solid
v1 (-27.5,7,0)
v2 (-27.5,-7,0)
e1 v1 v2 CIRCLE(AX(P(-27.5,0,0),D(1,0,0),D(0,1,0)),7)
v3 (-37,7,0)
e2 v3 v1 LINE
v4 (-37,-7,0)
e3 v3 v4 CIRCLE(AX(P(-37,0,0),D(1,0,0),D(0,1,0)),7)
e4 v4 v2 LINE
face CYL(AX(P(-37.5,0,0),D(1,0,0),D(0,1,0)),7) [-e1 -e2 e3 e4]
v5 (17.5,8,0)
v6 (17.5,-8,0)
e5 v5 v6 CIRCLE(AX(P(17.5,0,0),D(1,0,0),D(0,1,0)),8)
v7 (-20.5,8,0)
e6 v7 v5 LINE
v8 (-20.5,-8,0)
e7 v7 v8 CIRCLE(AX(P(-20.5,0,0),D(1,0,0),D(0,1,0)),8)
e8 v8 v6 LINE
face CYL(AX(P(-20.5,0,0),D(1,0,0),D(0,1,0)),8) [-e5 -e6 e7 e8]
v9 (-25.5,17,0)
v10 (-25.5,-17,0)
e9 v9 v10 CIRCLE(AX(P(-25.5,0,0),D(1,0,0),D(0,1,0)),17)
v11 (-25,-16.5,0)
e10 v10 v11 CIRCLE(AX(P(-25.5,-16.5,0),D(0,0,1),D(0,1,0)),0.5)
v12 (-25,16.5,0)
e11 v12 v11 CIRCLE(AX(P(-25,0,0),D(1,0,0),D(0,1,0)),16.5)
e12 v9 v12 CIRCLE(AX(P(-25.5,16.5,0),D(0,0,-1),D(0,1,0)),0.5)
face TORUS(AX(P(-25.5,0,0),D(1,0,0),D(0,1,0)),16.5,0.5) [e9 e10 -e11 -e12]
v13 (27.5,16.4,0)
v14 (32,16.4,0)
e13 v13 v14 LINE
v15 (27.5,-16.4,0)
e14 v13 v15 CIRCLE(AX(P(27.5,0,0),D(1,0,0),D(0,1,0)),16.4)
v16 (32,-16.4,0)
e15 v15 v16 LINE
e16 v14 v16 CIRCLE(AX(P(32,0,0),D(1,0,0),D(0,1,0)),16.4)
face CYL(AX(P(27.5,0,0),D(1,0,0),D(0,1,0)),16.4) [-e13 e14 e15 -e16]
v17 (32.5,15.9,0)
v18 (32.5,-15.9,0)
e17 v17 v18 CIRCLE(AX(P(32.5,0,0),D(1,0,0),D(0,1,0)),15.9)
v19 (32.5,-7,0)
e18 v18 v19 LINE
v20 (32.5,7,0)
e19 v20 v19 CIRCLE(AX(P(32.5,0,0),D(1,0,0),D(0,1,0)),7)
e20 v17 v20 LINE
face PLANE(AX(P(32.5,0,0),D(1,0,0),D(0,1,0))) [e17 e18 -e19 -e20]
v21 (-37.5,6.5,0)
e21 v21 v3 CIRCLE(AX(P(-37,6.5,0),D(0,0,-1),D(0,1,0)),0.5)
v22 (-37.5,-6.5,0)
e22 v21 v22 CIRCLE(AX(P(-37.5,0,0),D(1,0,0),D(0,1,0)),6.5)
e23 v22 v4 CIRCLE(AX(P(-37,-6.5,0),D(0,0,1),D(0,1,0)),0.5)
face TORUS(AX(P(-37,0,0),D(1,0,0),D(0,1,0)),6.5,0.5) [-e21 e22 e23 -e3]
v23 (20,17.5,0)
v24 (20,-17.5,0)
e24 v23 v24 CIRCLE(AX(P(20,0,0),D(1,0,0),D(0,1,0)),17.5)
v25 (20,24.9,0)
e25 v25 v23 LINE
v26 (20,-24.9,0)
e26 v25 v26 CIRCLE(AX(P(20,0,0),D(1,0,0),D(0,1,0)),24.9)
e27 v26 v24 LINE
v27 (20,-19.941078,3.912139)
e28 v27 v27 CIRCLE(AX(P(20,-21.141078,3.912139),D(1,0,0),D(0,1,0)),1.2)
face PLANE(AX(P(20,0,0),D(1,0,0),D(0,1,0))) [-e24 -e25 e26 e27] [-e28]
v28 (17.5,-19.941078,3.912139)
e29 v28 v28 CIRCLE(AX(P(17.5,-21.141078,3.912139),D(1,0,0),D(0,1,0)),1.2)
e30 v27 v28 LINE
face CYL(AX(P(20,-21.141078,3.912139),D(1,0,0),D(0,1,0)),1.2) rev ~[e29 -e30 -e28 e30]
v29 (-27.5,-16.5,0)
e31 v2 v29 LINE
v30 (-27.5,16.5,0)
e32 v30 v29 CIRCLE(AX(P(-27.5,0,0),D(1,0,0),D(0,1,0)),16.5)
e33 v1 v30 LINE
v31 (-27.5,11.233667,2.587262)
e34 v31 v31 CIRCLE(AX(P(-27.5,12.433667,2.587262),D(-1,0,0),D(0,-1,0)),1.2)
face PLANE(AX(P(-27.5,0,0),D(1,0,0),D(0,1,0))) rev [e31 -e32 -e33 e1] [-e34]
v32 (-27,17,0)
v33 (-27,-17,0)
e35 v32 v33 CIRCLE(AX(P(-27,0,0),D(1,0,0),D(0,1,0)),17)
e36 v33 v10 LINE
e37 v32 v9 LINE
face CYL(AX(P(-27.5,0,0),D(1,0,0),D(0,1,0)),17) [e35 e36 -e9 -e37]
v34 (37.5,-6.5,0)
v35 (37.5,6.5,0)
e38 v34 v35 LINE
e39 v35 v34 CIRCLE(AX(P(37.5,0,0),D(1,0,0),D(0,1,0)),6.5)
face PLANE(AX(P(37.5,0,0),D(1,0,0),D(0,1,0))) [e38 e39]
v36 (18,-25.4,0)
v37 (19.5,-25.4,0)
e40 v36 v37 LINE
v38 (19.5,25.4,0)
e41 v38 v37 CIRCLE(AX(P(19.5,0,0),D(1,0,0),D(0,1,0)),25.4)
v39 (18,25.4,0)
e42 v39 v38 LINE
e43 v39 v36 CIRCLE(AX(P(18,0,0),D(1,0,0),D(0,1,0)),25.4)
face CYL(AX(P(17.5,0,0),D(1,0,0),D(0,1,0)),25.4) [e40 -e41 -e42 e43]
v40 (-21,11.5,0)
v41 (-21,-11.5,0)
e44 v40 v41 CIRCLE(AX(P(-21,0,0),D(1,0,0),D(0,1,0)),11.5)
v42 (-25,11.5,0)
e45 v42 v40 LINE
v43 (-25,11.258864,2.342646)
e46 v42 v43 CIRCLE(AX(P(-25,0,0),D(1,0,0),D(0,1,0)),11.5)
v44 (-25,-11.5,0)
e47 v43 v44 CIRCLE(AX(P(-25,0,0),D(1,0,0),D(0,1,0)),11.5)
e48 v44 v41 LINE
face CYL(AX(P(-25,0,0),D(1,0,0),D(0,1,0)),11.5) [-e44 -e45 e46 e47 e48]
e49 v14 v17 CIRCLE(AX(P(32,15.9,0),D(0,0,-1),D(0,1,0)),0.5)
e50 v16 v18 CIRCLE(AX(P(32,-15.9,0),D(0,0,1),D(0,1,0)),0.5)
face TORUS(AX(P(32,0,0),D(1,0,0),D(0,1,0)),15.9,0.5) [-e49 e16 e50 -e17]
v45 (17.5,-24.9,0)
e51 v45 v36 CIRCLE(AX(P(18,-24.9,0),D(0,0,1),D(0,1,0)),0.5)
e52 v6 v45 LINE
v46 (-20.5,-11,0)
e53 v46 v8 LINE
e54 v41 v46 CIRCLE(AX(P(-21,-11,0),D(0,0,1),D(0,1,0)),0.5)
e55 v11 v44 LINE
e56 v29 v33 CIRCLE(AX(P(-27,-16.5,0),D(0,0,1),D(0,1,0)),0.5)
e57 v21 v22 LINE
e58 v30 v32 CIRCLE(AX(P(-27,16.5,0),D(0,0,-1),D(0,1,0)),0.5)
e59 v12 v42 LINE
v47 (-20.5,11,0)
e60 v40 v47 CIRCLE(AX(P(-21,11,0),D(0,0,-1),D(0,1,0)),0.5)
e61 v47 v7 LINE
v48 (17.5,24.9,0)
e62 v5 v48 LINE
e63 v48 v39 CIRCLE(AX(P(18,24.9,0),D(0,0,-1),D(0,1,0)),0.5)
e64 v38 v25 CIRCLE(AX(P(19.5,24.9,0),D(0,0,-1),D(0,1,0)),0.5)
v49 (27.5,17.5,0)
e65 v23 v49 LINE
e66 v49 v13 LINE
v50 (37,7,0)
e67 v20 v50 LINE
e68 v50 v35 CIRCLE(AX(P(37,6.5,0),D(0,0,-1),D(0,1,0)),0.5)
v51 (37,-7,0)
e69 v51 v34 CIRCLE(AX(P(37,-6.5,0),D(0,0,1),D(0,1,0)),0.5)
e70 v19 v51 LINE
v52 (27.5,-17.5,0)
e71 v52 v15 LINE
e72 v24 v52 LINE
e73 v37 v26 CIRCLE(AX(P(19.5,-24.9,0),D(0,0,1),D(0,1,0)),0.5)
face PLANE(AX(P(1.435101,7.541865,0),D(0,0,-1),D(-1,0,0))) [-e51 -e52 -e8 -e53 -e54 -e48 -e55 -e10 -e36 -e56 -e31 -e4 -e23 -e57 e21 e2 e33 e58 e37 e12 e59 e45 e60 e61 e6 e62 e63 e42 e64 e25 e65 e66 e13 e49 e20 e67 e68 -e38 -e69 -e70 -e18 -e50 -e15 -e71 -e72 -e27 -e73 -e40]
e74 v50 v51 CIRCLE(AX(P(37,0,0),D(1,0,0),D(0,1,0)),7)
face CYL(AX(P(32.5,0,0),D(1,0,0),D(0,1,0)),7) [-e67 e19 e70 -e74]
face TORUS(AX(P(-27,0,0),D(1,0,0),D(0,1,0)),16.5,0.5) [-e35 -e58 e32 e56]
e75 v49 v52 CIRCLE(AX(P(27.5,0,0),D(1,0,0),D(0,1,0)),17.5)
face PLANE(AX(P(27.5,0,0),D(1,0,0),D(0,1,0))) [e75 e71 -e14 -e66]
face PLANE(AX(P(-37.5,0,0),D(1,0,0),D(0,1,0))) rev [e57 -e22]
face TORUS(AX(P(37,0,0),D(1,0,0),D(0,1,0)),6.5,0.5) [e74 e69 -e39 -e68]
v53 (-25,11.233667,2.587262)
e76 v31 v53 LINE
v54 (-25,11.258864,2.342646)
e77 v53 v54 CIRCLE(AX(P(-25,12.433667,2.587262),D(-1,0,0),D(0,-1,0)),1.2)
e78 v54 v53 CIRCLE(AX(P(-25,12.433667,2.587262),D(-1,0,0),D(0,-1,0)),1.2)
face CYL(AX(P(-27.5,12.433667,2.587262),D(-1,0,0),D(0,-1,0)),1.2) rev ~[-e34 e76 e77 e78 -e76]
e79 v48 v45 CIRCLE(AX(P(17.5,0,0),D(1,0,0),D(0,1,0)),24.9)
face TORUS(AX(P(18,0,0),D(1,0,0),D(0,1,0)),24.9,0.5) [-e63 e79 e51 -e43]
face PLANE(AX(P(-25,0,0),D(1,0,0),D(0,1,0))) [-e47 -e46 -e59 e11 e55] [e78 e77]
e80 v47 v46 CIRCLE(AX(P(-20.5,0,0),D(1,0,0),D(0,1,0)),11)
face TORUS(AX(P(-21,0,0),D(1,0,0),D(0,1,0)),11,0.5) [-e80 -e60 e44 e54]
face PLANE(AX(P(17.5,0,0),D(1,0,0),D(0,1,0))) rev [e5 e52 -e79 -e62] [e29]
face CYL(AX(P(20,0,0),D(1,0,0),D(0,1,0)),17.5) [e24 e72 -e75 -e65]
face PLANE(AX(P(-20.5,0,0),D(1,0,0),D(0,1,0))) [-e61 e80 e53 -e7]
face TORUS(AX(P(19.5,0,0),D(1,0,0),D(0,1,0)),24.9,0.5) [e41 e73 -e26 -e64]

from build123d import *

# Parameters (mm, degrees)
REVOLUTION_ANGLE = 180
SKETCH002_R      = 1.2
POCKET_DEPTH     = 5
SKETCH003_R      = 1.2
POCKET001_DEPTH  = 5
FILLET_R         = 0.5


with BuildPart() as part:
    # Sketch → Revolution (revolve)
    with BuildSketch(Plane.XY):
        Polygon((-37.5, 0), (-37.5, 7), (-27.5, 7), (-27.5, 17), (-25, 17), (-25, 11.5), (-20.5, 11.5), (-20.5, 8), (17.5, 8), (17.5, 25.4), (20, 25.4), (20, 17.5), (27.5, 17.5), (27.5, 16.4), (32.5, 16.4), (32.5, 7), (37.5, 7), (37.5, 0), align=None)
    revolve(axis=Axis((0, 0, 0), (1, 0, 0)), revolution_arc=REVOLUTION_ANGLE)

    # Sketch002 → Pocket (cut)
    with BuildSketch(Plane(origin=(-27.5, 0, 0), x_dir=(0, -1, 0), z_dir=(-1, 0, 0))):
        with Locations((-12.433667, 2.587262)):
            Circle(SKETCH002_R)
    extrude(amount=-POCKET_DEPTH, mode=Mode.SUBTRACT)

    # Sketch003 → Pocket001 (cut)
    with BuildSketch(Plane.YZ.offset(20)):
        with Locations((-21.141078, 3.912139)):
            Circle(SKETCH003_R)
    extrude(amount=-POCKET001_DEPTH, mode=Mode.SUBTRACT)

    # Fillet
    fillet_edges = [part.edges().sort_by_distance(p)[0] for p in [
        (-27.5, 0, 17),
        (-25, 0, 17),
        (-20.5, 0, 11.5),
        (17.5, 0, 25.4),
        (20, 0, 25.4),
        (32.5, 0, 16.4),
        (37.5, 0, 7),
        (-37.5, 0, 7),
    ]]
    fillet(fillet_edges, radius=FILLET_R)


solid = part.part
